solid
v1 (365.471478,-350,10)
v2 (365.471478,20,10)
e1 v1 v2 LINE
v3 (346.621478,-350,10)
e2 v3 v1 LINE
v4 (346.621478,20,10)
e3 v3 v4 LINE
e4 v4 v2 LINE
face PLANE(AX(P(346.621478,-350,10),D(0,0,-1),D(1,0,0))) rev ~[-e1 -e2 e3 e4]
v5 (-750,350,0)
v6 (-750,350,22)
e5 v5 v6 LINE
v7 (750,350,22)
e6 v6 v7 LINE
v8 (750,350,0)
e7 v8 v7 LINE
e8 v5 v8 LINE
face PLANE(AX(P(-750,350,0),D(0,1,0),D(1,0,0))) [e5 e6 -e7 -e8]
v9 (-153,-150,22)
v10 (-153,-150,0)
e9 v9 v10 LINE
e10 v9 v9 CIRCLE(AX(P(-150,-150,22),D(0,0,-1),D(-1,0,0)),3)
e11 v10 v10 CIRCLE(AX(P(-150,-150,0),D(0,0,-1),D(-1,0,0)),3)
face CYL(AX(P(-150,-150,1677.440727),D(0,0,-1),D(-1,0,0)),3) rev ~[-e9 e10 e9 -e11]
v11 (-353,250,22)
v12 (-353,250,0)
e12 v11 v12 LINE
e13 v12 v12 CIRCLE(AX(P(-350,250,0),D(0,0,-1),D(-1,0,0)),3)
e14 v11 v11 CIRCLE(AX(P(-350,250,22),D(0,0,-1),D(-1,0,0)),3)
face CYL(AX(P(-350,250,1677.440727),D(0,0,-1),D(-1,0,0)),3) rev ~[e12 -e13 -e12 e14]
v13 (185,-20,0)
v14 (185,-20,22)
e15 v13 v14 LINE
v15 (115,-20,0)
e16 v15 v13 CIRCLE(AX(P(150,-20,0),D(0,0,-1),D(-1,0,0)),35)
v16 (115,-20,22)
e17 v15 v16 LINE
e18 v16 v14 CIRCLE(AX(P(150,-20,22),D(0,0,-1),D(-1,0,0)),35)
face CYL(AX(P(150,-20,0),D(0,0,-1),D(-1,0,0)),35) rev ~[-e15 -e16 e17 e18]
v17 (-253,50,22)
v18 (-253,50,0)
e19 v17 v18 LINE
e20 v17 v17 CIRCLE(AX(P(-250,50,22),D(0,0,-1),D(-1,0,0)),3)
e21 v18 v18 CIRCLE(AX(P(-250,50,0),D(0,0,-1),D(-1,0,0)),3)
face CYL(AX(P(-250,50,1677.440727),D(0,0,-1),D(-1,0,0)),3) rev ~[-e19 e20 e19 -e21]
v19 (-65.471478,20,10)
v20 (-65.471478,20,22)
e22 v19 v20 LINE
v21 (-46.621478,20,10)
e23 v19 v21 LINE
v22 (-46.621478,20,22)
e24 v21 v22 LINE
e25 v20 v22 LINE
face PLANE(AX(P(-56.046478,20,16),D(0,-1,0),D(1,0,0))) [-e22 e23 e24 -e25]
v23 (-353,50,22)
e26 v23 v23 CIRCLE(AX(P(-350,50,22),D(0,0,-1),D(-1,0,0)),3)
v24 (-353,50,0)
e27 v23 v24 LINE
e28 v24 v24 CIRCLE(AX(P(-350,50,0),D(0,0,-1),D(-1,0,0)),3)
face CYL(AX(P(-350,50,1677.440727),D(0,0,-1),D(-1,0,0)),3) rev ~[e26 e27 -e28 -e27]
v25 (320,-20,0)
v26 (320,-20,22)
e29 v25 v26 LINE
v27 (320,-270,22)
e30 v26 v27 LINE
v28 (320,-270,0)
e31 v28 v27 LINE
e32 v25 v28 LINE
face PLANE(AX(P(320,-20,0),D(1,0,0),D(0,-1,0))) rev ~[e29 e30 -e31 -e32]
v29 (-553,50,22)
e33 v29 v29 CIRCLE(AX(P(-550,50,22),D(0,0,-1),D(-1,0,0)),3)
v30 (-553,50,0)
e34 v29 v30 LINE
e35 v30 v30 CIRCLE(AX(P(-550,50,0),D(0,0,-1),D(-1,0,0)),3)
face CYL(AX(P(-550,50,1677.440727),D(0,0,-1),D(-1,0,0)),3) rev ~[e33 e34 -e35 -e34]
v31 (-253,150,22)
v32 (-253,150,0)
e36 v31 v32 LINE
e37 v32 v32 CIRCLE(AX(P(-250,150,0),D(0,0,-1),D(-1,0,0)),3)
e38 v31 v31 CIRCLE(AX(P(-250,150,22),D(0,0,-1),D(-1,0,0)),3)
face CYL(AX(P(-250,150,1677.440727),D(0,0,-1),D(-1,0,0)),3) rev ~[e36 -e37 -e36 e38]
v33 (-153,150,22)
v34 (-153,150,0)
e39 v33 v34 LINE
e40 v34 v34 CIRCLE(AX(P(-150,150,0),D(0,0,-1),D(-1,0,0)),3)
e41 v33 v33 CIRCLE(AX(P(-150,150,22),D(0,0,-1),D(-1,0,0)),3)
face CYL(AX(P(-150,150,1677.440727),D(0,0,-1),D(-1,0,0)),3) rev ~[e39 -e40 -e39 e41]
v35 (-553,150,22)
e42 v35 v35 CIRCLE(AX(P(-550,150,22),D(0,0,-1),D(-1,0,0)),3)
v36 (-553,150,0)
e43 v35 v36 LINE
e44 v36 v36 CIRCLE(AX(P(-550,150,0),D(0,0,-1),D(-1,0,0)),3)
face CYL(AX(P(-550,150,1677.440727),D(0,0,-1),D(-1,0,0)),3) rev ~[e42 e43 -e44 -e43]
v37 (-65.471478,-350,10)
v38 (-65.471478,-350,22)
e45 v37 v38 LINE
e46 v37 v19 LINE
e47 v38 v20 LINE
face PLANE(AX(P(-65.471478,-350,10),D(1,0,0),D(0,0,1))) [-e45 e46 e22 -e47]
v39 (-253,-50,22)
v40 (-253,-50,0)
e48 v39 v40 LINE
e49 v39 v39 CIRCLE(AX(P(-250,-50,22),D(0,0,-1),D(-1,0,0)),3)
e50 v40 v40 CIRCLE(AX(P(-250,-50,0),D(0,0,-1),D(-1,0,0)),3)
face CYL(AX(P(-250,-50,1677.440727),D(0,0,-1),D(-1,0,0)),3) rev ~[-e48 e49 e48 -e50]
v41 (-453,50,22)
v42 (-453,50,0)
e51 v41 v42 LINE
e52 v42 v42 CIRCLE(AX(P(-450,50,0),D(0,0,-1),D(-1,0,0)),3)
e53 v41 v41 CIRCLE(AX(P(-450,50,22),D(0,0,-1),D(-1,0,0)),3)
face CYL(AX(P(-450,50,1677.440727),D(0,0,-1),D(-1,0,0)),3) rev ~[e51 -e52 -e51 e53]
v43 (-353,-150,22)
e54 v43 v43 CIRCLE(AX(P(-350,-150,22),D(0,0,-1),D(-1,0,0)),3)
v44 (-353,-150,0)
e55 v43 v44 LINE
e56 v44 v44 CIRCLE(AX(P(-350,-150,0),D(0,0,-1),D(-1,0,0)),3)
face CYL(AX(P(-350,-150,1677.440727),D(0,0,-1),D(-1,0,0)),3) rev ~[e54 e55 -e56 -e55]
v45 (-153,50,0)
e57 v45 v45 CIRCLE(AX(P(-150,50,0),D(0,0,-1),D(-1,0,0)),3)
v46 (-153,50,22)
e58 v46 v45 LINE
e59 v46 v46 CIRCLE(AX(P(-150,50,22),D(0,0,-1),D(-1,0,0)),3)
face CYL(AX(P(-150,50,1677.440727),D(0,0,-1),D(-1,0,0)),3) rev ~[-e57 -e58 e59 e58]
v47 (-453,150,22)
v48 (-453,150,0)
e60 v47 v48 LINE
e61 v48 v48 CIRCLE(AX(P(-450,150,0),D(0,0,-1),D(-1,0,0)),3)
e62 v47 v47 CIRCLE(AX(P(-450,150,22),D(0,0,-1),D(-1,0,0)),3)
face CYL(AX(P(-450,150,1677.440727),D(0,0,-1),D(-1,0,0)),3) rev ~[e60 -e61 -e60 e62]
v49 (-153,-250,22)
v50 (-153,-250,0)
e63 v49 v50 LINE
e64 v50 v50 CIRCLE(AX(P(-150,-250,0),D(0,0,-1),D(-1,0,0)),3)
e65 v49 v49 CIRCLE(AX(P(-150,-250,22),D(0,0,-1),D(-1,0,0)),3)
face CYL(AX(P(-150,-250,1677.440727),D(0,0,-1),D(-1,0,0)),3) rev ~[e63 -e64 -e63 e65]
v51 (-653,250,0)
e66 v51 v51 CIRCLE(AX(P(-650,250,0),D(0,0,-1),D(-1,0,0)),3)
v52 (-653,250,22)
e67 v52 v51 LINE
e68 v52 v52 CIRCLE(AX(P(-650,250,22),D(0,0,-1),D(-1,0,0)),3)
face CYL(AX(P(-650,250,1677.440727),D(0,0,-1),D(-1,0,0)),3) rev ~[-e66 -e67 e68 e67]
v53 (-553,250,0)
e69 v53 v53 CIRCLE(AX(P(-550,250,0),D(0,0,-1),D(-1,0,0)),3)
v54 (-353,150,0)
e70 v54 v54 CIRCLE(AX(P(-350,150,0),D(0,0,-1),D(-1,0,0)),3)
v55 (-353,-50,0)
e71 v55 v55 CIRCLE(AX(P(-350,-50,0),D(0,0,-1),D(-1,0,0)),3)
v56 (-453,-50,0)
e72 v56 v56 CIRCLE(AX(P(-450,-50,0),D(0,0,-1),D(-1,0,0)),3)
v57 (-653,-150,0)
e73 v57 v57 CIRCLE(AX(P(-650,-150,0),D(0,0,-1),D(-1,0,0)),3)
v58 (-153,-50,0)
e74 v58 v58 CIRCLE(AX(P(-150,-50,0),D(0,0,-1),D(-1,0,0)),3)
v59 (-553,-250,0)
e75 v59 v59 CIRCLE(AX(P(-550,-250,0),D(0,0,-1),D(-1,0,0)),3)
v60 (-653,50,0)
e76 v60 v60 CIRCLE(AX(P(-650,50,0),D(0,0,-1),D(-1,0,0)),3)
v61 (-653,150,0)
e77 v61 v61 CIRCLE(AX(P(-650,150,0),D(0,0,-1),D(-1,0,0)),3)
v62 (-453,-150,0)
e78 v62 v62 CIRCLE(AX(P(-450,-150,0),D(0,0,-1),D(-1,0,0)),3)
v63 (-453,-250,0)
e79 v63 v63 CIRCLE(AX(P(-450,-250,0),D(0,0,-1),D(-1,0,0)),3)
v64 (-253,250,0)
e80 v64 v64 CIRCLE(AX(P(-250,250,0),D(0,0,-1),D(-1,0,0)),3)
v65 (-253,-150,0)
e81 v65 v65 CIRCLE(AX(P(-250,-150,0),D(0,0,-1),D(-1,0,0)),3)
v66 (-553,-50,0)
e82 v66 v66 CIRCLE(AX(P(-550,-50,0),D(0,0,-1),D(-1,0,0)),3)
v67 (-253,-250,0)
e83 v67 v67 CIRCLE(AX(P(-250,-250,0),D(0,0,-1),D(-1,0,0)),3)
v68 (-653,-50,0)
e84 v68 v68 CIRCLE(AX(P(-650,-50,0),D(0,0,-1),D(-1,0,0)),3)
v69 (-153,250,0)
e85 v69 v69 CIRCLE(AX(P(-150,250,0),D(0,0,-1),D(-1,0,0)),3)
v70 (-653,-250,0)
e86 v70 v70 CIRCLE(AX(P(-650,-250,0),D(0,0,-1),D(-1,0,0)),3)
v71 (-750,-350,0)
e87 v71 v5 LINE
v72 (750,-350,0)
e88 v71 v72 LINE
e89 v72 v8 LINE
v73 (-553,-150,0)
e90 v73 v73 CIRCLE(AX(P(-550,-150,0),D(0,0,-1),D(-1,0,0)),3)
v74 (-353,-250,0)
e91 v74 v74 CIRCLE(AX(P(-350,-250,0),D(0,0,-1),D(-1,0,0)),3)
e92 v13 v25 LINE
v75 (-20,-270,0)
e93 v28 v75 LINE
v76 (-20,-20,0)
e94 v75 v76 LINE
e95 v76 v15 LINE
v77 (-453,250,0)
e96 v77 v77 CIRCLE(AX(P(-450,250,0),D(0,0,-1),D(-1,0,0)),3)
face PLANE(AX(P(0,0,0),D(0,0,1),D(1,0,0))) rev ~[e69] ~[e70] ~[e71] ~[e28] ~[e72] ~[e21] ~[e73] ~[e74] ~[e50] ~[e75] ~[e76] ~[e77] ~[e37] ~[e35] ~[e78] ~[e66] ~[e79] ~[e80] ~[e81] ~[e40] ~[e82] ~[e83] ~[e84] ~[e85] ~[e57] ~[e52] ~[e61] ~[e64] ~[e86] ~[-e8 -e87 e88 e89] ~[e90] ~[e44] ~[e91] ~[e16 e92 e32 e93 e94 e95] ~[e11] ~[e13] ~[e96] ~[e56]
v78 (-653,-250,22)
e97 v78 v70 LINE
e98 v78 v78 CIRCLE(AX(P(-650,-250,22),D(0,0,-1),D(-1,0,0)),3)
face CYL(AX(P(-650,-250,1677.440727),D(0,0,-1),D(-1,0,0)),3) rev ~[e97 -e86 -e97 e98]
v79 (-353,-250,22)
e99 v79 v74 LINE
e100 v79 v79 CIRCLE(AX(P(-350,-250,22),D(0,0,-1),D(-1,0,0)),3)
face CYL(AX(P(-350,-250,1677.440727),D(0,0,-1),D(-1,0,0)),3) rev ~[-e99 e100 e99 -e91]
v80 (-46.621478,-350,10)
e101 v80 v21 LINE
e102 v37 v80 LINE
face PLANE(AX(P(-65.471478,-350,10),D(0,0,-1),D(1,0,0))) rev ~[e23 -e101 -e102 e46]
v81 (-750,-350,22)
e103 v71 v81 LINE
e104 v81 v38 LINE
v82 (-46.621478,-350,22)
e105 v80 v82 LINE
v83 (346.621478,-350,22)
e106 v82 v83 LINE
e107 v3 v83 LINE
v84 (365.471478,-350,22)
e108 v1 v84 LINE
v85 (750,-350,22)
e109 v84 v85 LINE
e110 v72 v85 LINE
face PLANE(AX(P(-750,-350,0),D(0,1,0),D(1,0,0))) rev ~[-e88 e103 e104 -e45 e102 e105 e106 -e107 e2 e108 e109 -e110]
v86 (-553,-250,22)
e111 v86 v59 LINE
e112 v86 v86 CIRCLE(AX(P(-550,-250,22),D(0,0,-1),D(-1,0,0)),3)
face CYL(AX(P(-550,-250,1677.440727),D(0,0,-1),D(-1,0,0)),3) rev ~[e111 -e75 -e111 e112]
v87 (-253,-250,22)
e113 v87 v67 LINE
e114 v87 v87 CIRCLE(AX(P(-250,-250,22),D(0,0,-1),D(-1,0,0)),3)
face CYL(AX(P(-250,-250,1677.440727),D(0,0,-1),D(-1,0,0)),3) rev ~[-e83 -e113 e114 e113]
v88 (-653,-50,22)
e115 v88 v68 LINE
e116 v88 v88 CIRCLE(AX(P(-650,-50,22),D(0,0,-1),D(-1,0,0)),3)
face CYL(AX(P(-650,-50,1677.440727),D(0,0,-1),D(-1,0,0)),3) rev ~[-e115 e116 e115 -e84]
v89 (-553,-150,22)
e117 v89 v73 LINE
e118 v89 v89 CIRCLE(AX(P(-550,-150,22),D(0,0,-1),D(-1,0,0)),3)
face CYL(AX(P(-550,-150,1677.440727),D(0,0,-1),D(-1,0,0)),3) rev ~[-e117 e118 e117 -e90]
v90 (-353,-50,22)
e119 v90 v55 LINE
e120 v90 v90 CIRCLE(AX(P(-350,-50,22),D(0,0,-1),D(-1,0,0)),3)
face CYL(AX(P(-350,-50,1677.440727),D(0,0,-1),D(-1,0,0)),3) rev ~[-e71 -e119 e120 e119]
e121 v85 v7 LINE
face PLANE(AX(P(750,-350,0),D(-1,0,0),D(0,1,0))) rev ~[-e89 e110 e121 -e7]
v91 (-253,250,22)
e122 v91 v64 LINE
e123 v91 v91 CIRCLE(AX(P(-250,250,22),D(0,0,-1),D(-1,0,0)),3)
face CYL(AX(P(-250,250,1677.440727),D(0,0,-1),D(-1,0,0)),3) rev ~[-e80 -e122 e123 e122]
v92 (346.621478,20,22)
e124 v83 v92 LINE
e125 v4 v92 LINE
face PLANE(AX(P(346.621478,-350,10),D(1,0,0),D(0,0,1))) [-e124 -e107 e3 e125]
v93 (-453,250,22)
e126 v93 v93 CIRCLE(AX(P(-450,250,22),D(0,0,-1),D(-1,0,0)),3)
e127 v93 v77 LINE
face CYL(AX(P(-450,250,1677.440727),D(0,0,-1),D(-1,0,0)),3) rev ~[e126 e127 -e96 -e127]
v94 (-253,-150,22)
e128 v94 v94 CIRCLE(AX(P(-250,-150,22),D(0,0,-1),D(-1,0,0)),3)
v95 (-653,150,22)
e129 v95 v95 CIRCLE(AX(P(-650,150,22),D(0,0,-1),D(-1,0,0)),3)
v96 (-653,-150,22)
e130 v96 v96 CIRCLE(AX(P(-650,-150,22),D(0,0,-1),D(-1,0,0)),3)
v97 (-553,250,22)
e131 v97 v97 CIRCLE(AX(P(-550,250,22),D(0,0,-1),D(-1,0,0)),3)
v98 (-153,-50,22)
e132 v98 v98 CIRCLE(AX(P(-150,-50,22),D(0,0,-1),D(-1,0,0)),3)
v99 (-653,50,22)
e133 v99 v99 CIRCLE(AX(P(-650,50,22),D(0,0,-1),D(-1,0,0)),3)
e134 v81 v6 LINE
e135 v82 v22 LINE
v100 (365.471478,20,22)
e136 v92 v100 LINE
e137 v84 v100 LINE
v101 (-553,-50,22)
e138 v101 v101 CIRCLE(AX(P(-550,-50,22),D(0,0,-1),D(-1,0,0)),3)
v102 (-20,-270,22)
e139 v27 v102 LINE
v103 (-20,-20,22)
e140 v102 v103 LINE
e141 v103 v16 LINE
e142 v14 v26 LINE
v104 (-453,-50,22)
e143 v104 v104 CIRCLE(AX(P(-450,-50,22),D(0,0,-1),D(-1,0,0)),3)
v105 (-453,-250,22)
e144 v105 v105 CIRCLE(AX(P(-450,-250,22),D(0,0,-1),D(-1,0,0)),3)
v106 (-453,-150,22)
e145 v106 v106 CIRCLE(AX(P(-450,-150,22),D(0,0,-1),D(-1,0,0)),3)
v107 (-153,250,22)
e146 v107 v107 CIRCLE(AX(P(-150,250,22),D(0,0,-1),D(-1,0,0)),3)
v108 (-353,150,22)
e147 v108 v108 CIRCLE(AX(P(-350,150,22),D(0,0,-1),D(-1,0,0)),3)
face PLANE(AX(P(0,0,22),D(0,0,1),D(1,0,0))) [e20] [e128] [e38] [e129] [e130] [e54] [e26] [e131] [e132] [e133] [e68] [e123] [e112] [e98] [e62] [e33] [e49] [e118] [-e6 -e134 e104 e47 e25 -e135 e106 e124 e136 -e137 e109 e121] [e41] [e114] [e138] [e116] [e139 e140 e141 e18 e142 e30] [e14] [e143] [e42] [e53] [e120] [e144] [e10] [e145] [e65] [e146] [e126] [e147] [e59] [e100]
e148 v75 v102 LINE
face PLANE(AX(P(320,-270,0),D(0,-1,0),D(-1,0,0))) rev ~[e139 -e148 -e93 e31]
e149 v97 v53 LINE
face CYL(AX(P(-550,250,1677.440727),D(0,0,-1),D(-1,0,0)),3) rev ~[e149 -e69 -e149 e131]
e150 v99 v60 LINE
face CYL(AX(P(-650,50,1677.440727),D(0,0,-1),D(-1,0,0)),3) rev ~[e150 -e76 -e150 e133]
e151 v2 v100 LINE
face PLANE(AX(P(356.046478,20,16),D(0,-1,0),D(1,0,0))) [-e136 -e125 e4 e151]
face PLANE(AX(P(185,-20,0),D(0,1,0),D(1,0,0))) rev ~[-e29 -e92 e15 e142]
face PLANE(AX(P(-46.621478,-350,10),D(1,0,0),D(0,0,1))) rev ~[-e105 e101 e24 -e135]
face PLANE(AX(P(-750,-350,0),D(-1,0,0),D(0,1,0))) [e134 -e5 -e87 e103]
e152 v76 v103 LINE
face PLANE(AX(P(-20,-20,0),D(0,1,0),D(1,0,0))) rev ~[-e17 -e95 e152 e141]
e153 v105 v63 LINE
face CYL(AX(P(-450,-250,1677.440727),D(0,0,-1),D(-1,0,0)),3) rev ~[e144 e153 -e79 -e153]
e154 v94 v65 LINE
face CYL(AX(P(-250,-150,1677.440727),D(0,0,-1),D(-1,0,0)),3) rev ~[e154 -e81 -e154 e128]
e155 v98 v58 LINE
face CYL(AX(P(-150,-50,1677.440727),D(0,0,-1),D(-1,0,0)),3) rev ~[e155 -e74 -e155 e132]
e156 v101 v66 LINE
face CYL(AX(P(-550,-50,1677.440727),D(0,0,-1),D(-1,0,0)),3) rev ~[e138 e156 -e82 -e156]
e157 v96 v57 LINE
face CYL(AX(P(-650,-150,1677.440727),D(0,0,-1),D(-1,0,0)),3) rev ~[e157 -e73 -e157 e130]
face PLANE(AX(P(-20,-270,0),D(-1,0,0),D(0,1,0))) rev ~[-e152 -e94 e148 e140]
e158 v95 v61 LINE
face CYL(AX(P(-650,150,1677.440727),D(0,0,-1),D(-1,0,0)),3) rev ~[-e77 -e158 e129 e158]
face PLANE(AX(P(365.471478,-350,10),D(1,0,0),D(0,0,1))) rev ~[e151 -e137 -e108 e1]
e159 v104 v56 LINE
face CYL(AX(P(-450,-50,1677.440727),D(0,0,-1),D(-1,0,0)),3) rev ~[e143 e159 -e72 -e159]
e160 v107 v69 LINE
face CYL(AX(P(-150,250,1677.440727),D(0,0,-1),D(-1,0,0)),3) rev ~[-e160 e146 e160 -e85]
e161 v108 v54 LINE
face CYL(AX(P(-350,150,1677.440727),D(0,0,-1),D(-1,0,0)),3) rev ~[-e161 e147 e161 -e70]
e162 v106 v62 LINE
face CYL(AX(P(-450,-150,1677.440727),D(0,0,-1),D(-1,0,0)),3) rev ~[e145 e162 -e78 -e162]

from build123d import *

# Parameters (mm, degrees)
F0_W     = 1500
F0_H     = 700
F1_DEPTH = 22
F2_W     = 18.85
F2_H     = 12
F3_DEPTH = 370
F5_D     = 6


with BuildPart() as f1:
    # F0 (on Top) → F1 (new body)
    with BuildSketch(Plane.XY):
        Rectangle(F0_W, F0_H)
        with BuildLine():
            Line((185, -20), (320, -20))
            Line((320, -20), (320, -270))
            Line((320, -270), (-20, -270))
            Line((-20, -270), (-20, -20))
            Line((-20, -20), (115, -20))
            ThreePointArc((115, -20), (150, 15), (185, -20))
        make_face(mode=Mode.SUBTRACT)
    extrude(amount=F1_DEPTH)

    # F2 (on face) → F3 (cut)
    with BuildSketch(Plane.XZ.offset(350)):
        with Locations((-56.046478, 16)):
            Rectangle(F2_W, F2_H)
        with Locations((356.046478, 16)):
            Rectangle(F2_W, F2_H)
    extrude(amount=-F3_DEPTH, mode=Mode.SUBTRACT)

    # F5 (through all)
    with Locations(Plane.XY.offset(22)):
        with Locations((-650, -250), (-550, -250), (-450, -250), (-650, -150), (-550, -150), (-450, -150), (-350, -150), (-250, -150), (-150, -150), (-150, -250), (-350, -250), (-250, -250), (-650, -50), (-650, 50), (-650, 150), (-650, 250), (-550, 250), (-550, 150), (-550, 50), (-550, -50), (-450, -50), (-450, 50), (-450, 150), (-450, 250), (-350, 250), (-250, 250), (-150, 250), (-350, 150), (-350, 50), (-350, -50), (-250, 50), (-250, 150), (-150, 50), (-250, -50), (-150, -50), (-150, 150)):
            Hole(F5_D / 2)


solid = f1.part
